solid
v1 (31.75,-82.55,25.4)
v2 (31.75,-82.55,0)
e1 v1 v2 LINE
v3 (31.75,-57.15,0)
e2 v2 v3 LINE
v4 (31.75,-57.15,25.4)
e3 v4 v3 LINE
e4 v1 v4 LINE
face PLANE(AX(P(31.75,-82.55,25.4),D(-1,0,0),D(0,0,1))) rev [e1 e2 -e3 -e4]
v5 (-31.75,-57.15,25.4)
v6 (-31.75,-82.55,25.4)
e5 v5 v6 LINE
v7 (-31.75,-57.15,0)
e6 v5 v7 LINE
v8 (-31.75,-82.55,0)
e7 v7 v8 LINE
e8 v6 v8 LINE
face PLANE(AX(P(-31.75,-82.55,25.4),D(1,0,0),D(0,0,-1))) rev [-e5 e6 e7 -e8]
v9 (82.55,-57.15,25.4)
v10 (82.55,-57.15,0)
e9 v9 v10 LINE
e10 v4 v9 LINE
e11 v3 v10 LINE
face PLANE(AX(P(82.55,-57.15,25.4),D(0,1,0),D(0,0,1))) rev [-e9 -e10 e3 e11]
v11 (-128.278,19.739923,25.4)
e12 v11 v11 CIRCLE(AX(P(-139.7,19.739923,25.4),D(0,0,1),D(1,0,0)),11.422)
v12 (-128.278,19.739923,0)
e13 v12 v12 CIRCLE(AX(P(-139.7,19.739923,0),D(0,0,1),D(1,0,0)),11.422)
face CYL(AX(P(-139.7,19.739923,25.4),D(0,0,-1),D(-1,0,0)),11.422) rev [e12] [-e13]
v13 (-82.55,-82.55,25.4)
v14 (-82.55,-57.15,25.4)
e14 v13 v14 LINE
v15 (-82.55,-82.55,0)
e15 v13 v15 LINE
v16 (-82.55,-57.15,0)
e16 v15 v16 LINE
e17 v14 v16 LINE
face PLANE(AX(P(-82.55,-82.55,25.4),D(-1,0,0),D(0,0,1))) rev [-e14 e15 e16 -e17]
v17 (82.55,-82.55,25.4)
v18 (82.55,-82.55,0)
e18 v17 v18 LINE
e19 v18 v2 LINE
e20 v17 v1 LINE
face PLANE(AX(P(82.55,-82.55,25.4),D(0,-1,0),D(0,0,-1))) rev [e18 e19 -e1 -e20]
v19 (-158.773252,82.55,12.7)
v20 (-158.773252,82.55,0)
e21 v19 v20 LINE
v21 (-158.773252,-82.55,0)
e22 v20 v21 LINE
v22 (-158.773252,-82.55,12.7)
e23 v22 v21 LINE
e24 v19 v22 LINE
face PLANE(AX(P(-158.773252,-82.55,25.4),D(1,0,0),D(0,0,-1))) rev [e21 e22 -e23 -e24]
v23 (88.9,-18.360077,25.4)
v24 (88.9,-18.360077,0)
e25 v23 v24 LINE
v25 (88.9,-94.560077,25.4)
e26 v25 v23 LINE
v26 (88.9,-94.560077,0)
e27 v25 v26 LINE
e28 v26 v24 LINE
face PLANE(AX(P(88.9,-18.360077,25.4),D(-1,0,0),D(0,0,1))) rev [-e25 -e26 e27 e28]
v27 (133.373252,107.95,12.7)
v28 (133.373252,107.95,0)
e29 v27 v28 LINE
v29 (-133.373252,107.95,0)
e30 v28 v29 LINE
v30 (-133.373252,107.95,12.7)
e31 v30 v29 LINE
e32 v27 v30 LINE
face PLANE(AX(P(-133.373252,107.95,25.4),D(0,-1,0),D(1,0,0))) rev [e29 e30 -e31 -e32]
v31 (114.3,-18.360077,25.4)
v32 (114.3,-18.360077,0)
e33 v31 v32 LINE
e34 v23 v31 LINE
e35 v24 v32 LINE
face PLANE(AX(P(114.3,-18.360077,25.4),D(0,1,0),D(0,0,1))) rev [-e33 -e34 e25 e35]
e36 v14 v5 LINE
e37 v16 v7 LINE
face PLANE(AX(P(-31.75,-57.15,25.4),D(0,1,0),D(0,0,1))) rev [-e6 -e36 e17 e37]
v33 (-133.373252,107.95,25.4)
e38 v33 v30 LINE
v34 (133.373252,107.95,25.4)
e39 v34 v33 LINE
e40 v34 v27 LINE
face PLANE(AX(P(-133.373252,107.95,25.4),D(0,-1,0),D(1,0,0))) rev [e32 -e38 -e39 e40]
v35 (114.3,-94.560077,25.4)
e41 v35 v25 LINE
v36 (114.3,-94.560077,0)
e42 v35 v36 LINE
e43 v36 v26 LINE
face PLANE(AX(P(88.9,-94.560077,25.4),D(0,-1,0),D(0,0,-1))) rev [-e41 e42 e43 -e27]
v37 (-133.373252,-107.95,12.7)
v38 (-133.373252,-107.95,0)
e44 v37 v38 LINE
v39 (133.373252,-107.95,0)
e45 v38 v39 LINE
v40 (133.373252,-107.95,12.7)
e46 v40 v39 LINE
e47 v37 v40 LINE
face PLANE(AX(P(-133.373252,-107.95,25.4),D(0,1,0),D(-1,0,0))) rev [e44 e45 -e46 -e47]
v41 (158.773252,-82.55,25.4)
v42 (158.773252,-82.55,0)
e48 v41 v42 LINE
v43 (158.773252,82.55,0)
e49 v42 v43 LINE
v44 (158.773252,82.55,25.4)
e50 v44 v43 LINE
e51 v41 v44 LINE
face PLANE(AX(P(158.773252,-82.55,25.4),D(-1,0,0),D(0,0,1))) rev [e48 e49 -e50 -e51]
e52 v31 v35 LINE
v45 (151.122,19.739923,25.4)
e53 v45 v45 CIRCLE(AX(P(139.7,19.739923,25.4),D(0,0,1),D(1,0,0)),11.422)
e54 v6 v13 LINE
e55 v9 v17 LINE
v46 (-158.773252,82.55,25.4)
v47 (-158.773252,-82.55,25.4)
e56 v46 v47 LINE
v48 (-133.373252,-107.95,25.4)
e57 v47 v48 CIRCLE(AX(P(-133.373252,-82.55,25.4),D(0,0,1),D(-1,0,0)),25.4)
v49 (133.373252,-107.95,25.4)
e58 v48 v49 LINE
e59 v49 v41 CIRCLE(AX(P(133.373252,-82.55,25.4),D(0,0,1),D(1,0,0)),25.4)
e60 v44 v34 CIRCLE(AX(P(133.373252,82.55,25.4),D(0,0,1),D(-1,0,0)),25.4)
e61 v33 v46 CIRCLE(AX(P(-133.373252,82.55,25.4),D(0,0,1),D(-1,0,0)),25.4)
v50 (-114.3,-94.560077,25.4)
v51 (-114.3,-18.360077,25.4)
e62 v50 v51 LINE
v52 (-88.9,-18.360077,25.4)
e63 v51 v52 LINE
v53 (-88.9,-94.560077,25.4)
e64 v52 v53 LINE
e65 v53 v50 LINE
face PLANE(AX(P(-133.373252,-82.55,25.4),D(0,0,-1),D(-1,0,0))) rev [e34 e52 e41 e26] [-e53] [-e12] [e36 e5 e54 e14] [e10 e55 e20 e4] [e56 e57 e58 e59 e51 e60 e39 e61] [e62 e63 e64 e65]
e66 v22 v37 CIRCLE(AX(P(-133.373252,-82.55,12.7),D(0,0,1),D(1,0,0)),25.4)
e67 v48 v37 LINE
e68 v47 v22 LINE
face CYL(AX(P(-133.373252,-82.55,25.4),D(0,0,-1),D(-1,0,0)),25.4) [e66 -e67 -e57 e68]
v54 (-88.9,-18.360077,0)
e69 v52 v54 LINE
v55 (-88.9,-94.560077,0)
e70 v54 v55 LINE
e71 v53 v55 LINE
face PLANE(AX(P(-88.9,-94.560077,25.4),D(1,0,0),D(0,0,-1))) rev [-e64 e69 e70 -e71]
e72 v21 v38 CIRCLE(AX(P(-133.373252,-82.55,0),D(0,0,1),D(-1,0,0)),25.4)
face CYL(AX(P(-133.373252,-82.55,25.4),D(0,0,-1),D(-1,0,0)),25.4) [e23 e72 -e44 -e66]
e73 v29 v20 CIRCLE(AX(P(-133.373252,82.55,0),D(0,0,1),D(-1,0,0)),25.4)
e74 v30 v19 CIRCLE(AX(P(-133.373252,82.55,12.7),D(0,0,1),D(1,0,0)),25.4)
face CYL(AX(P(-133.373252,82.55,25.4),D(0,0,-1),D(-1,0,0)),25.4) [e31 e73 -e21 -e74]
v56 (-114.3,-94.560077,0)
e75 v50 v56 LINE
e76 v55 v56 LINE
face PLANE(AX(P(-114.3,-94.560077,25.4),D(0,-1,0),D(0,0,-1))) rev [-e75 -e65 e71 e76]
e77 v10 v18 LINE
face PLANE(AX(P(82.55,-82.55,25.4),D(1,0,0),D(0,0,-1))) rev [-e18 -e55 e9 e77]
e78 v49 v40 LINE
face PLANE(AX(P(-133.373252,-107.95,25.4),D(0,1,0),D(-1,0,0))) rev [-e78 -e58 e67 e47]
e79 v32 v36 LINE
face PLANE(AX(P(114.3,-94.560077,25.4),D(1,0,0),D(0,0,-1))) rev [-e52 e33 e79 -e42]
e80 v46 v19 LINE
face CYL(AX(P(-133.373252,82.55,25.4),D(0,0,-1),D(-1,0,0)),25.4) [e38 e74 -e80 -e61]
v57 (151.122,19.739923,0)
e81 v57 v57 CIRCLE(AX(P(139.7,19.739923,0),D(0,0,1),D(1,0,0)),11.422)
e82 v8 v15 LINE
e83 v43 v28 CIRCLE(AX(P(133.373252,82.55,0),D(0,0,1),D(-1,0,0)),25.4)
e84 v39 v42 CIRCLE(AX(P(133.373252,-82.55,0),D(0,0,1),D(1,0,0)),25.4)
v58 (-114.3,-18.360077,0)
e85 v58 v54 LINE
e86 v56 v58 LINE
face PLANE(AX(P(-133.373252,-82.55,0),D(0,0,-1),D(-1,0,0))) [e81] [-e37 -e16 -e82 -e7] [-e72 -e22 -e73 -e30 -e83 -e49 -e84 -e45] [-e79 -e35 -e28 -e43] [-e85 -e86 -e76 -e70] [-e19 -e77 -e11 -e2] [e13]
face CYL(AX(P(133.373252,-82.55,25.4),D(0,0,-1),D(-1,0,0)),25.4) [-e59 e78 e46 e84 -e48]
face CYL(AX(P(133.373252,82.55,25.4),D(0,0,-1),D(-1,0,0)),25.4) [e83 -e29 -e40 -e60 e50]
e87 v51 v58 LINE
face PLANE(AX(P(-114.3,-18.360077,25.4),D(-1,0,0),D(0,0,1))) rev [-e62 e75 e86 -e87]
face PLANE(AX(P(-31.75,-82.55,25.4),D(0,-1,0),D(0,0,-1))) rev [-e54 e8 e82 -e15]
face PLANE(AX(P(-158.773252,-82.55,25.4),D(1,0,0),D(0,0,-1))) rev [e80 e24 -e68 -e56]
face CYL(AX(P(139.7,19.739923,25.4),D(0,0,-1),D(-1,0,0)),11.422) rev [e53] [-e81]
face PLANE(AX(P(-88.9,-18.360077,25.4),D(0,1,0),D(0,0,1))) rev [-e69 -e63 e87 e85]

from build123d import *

# Parameters (mm, degrees)
SKETCH1_R                      = 11.422
BOSS_EXTRUDE1_DEPTH            = 25.4
SKETCH2_W                      = 50.8
SKETCH2_H                      = 25.4
FOAM_INSERT_CUT_THROUGHS_DEPTH = 25.4
SKETCH3_W                      = 25.4
SKETCH3_H                      = 76.2
CUT_EXTRUDE1_DEPTH             = 25.4


with BuildPart() as part:
    # Sketch1 → Boss-Extrude1 (new body)
    with BuildSketch(Plane.XY):
        with BuildLine():
            Line((-133.373251541, -107.95), (133.373251541, -107.95))
            ThreePointArc((133.373251541, -107.95), (151.333763783, -100.510512242), (158.773251541, -82.55))
            Line((158.773251541, -82.55), (158.773251541, 82.55))
            ThreePointArc((158.773251541, 82.55), (151.333763783, 100.510512242), (133.373251541, 107.95))
            Line((133.373251541, 107.95), (-133.373251541, 107.95))
            ThreePointArc((-133.373251541, 107.95), (-151.333763783, 100.510512242), (-158.773251541, 82.55))
            Line((-158.773251541, 82.55), (-158.773251541, -82.55))
            ThreePointArc((-158.773251541, -82.55), (-151.333763783, -100.510512242), (-133.373251541, -107.95))
        make_face()
        with Locations((-139.7, 19.739923182)):
            Circle(SKETCH1_R, mode=Mode.SUBTRACT)
        with Locations((139.7, 19.739923182)):
            Circle(SKETCH1_R, mode=Mode.SUBTRACT)
    extrude(amount=BOSS_EXTRUDE1_DEPTH)

    # Sketch2 → Foam Insert Cut-Throughs (cut)
    with BuildSketch(Plane(origin=(0, 0, 0), x_dir=(-1, 0, 0), z_dir=(0, 0, -1))):
        with Locations((-57.15, -69.85)):
            Rectangle(SKETCH2_W, SKETCH2_H)
        with Locations((57.15, -69.85)):
            Rectangle(SKETCH2_W, SKETCH2_H)
    extrude(amount=-FOAM_INSERT_CUT_THROUGHS_DEPTH, mode=Mode.SUBTRACT)

    # Sketch3 → Cut-Extrude1 (cut)
    with BuildSketch(Plane(origin=(0, 0, 0), x_dir=(-1, 0, 0), z_dir=(0, 0, -1))):
        with Locations((101.6, -56.460076818)):
            Rectangle(SKETCH3_W, SKETCH3_H)
        with Locations((-101.6, -56.460076818)):
            Rectangle(SKETCH3_W, SKETCH3_H)
    extrude(amount=-CUT_EXTRUDE1_DEPTH, mode=Mode.SUBTRACT)


solid = part.part
